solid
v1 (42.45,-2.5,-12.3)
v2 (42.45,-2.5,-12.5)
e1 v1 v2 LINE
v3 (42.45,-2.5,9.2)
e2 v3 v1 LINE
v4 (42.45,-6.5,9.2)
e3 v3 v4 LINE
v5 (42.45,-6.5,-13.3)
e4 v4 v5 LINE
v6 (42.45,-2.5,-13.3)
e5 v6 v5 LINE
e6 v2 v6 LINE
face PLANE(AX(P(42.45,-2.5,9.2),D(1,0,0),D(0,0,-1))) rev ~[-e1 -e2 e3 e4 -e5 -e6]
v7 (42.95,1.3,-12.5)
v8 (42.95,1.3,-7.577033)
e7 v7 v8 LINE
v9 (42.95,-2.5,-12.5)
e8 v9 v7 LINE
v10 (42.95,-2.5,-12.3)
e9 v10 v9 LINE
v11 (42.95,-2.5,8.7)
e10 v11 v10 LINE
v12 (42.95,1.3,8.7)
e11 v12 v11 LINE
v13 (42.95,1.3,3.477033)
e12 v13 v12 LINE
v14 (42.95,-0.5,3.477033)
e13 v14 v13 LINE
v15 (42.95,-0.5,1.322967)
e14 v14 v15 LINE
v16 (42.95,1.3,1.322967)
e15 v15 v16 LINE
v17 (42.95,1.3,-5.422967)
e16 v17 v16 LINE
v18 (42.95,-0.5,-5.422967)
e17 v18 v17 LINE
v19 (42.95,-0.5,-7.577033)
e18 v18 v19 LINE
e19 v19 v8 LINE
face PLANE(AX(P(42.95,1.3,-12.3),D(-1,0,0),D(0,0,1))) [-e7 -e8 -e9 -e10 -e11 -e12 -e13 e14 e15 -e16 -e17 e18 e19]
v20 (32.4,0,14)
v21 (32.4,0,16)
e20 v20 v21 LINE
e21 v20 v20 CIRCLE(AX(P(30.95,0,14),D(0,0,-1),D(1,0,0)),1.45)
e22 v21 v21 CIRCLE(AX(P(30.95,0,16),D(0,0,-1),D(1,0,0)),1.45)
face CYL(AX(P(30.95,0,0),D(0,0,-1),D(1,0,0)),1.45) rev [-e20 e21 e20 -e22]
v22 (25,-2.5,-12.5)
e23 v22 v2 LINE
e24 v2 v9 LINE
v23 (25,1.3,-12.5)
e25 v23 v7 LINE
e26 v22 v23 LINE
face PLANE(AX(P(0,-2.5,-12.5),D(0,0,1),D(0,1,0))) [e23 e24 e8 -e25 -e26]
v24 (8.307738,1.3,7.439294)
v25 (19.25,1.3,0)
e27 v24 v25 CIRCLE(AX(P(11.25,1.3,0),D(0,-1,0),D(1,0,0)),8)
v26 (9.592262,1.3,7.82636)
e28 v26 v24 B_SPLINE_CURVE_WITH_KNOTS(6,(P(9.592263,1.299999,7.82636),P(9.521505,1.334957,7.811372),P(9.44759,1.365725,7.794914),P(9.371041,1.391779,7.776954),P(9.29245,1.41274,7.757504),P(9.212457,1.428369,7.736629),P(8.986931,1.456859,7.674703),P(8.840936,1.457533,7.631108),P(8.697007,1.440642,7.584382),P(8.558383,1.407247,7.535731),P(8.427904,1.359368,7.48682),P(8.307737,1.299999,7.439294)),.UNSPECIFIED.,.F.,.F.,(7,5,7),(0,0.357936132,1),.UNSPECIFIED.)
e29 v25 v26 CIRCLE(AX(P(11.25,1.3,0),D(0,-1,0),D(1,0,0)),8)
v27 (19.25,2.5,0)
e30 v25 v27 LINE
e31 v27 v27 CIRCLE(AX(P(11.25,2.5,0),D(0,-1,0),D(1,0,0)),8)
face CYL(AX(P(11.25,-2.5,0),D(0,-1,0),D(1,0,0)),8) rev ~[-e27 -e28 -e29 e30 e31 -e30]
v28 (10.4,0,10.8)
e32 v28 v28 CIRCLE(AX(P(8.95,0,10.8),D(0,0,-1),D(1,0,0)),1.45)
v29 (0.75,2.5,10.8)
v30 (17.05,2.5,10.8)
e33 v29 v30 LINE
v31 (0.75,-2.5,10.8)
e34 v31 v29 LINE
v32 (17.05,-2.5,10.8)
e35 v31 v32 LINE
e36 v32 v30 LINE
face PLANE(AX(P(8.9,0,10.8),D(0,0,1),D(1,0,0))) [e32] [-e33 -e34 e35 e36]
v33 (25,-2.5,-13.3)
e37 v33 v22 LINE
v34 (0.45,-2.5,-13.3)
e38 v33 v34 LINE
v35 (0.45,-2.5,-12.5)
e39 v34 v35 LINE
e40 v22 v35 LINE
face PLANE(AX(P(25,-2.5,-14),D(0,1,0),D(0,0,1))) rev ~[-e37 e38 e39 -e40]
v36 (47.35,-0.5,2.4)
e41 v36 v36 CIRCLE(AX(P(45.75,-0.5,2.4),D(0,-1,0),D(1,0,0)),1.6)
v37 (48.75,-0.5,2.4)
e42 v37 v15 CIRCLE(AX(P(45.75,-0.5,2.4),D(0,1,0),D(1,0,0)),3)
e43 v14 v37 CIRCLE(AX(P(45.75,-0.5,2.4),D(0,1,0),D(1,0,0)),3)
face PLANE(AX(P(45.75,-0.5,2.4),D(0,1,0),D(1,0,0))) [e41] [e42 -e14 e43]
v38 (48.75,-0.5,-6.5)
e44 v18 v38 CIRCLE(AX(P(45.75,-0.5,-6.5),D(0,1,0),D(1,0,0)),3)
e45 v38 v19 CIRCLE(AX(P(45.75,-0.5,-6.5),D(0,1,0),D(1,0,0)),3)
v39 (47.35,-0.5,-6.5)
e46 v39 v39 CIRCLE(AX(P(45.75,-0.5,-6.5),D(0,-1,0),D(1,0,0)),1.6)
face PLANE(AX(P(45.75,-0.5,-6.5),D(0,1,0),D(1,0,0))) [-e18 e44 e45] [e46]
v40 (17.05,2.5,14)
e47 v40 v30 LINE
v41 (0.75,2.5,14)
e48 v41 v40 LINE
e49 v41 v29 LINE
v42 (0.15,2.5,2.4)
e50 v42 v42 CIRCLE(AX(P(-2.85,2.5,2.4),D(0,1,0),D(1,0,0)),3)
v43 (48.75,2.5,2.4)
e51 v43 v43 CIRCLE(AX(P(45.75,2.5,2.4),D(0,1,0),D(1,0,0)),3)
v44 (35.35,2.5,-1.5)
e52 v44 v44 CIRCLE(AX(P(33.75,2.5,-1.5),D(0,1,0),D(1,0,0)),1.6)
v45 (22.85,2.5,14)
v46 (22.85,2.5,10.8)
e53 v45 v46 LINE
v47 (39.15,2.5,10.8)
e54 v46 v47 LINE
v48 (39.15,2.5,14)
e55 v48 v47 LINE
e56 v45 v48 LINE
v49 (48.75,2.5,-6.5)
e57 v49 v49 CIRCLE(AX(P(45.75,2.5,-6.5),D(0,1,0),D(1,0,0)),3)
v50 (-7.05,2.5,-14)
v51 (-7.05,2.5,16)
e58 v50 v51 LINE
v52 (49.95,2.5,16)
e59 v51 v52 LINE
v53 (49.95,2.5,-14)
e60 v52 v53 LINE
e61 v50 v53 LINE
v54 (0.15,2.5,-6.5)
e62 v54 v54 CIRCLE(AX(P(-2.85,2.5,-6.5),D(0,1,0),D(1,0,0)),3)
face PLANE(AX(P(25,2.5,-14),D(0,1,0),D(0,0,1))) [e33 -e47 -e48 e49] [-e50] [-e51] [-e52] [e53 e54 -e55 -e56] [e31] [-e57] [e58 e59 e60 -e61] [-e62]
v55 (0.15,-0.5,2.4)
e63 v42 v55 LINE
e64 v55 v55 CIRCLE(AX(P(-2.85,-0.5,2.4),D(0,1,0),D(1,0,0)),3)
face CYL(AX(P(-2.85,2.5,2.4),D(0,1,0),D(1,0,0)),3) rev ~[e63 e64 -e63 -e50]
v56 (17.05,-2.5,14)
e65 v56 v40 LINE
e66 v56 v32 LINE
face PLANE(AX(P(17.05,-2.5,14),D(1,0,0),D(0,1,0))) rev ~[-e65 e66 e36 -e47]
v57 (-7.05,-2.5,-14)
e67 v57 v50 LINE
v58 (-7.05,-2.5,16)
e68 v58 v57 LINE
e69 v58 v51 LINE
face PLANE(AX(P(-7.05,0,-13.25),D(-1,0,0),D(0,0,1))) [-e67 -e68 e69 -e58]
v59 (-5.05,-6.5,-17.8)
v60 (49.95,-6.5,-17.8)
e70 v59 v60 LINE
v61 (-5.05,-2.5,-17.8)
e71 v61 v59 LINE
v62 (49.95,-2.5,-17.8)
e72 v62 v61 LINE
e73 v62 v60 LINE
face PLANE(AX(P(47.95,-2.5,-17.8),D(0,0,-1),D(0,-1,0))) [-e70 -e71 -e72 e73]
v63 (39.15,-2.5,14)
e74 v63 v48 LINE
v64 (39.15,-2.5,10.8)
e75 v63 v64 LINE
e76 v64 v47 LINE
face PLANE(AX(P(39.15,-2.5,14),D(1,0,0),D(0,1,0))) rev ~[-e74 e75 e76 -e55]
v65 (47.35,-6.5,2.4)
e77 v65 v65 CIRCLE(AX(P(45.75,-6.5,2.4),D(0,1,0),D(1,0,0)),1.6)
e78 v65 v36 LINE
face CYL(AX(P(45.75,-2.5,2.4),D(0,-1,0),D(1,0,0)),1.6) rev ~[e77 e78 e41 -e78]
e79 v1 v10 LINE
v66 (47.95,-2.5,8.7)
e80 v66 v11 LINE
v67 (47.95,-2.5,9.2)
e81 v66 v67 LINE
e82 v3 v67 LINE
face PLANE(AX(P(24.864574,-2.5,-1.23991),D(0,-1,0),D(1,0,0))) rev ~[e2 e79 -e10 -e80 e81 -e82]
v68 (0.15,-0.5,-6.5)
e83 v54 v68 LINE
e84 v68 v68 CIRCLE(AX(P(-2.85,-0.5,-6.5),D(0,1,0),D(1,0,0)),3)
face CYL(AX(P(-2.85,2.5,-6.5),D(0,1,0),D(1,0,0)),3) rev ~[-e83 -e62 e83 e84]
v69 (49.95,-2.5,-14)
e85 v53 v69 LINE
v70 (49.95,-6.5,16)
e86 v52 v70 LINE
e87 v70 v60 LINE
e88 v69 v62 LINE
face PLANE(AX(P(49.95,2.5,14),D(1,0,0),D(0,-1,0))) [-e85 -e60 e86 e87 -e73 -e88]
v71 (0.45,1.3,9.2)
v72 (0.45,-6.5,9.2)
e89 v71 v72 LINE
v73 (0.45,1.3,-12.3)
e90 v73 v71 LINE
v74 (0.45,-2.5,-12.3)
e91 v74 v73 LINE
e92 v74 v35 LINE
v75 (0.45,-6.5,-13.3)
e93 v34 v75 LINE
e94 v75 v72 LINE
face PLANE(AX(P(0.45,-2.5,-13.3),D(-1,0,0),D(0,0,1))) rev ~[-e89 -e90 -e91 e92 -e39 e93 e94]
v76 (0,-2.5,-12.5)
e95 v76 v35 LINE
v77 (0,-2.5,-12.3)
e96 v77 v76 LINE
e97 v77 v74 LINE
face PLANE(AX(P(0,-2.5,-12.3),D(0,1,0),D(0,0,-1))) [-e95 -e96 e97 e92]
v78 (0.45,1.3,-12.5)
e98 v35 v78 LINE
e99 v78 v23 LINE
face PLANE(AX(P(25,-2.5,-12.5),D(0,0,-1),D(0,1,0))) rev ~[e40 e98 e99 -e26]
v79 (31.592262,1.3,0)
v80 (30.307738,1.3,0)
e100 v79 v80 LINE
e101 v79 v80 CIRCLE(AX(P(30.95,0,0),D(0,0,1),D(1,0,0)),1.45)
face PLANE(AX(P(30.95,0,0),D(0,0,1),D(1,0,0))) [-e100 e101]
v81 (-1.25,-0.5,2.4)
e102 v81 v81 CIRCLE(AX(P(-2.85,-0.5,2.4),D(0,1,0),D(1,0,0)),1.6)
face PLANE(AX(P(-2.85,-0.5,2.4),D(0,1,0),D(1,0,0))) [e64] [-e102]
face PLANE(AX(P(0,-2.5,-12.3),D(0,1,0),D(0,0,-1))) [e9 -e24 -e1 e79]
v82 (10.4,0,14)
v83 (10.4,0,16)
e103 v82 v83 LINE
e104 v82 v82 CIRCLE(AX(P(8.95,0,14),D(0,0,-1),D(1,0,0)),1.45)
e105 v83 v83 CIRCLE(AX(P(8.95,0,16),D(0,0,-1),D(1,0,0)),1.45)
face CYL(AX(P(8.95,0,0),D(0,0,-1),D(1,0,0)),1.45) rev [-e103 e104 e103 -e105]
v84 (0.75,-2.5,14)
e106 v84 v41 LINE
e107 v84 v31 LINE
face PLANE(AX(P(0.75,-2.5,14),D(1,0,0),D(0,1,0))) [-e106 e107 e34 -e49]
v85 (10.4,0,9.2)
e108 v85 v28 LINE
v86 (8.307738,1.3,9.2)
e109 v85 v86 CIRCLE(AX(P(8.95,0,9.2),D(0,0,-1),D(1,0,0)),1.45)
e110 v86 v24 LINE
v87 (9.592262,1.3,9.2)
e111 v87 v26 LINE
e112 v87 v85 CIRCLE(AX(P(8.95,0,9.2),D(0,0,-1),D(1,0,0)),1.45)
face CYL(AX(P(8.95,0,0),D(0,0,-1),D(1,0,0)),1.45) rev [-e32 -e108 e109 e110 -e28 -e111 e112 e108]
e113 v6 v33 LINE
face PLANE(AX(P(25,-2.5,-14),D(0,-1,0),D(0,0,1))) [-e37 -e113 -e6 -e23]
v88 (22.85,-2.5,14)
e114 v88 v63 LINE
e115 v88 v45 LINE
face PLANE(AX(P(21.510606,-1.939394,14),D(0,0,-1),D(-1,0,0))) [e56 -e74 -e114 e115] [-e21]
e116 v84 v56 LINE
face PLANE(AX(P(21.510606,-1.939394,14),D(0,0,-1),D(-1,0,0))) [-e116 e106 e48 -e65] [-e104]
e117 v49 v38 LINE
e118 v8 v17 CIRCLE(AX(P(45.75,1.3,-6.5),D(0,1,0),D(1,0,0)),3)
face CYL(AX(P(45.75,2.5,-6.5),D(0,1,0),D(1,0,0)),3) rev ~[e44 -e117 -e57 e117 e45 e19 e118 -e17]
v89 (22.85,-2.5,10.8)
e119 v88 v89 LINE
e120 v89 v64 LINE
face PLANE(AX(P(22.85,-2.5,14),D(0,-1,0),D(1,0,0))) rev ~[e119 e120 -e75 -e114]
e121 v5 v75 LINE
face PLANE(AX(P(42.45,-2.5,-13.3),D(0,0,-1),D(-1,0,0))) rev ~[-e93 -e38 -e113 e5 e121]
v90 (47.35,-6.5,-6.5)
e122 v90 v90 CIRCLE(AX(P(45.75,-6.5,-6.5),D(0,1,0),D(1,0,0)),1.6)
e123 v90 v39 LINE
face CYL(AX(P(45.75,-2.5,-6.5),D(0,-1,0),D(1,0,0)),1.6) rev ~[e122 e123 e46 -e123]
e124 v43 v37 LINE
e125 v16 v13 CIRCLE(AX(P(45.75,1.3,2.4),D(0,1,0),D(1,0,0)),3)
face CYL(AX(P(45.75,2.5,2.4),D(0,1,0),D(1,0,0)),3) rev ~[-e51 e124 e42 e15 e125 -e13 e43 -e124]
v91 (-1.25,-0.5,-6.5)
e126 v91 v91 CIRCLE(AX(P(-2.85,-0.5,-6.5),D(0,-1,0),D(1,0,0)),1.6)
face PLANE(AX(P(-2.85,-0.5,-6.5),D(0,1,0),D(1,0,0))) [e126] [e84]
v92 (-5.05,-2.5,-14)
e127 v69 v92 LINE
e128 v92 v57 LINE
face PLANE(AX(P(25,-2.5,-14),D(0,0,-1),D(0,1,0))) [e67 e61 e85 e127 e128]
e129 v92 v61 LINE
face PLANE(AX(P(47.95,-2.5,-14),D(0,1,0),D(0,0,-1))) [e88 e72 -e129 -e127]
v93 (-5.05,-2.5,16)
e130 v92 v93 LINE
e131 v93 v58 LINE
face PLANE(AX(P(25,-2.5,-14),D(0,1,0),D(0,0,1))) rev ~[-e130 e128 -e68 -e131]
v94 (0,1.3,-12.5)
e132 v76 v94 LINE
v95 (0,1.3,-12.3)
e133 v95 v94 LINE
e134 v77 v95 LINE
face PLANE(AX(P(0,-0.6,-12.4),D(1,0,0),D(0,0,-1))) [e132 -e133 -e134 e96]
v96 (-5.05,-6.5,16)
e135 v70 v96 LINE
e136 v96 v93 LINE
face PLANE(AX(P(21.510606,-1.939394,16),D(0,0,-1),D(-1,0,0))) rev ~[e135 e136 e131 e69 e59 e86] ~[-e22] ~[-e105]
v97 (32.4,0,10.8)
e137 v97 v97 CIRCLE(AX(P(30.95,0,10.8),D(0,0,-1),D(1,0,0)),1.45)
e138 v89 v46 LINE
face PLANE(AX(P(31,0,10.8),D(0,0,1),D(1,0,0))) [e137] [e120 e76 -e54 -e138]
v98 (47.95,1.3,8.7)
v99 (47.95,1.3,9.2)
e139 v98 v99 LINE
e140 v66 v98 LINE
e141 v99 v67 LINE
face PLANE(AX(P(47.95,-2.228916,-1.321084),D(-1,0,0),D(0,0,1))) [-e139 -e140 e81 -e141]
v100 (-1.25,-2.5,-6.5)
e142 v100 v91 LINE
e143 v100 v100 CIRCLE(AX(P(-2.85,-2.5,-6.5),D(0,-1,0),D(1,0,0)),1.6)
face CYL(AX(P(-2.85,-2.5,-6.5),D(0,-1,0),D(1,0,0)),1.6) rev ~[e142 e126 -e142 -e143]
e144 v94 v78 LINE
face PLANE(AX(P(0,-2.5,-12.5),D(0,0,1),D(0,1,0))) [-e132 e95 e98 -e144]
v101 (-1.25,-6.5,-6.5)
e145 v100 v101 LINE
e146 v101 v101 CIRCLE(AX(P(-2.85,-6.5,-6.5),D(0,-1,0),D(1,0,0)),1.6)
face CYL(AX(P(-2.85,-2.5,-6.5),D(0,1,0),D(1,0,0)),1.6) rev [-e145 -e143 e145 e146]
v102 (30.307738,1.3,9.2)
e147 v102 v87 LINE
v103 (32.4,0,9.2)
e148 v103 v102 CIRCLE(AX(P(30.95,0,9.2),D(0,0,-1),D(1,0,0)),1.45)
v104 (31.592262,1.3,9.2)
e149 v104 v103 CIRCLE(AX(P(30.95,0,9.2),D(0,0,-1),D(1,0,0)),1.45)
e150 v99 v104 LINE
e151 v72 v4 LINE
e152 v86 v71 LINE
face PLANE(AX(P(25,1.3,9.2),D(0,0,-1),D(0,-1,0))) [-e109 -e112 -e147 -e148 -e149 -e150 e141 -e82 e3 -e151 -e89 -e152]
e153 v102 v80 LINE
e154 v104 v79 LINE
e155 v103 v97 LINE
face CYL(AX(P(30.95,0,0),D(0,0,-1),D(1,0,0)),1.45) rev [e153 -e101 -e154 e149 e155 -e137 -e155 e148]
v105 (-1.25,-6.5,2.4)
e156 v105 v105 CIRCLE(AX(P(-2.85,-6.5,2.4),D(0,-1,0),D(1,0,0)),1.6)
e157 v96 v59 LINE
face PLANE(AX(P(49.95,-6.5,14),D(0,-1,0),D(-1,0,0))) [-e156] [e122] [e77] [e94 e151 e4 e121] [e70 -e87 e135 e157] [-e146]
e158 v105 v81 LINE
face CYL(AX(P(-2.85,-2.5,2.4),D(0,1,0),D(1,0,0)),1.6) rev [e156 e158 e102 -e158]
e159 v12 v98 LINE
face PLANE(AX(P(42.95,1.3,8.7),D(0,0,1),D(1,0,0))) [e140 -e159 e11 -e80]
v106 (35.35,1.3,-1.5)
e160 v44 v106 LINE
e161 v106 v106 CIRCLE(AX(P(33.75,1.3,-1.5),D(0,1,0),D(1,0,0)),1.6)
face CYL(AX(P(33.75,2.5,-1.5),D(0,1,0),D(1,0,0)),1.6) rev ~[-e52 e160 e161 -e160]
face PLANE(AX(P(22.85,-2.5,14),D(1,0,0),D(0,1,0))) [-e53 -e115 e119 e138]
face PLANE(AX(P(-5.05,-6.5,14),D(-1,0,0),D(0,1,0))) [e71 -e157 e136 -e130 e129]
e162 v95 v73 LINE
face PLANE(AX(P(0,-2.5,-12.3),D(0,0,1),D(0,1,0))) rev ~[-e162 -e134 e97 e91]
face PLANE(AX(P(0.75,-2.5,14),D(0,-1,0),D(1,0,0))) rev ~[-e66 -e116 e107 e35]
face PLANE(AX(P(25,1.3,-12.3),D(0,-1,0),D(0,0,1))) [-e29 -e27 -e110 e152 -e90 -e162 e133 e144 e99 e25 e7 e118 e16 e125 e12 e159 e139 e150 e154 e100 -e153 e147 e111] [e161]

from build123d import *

# Parameters (mm, degrees)
SKETCH1_W                = 50
SKETCH1_H                = 25
SKETCH1_R                = 4.5
SKETCH1_R_2              = 1.3
BOSS_EXTRUDE2_DEPTH      = 2.5
SKETCH5_W                = 50
SKETCH5_H                = 12
BOSS_EXTRUDE3_DEPTH      = 1.5
SKETCH6_W                = 50
SKETCH6_H                = 26.5
BOSS_EXTRUDE4_DEPTH      = 1.5
SKETCH7_R                = 1.3
CUT_EXTRUDE3_DEPTH       = 23
SKETCH8_R                = 1.6
BOSS_EXTRUDE5_DEPTH      = 4
SKETCH8_3_R              = 8
CUT_EXTRUDE4_DEPTH       = 5
SKETCH9_W                = 24.55
SKETCH9_H                = 21.7
CUT_EXTRUDE5_DEPTH       = 3.8
BOSS_EXTRUDE6_DEPTH      = 22.95
BOSS_EXTRUDE7_DEPTH      = 2
SKETCH8_4_R              = 1.6
CUT_EXTRUDE6_DEPTH       = 5
SKETCH12_W               = 7
SKETCH12_H               = 21
BOSS_EXTRUDE8_DEPTH      = 7.8
SKETCH13_W               = 0.7
SKETCH13_H               = 9
CUT_EXTRUDE7_DEPTH       = 50.95
CUT_EXTRUDE7_DEPTH_BACK  = 26
SKETCH14_W               = 26.5
SKETCH14_H               = 8.5
CUT_EXTRUDE8_DEPTH       = 50.95
CUT_EXTRUDE8_DEPTH_BACK  = 26
SKETCH15_R               = 3
CUT_EXTRUDE9_DEPTH       = 1
CUT_EXTRUDE9_DEPTH_BACK  = 3
SKETCH8_5_R              = 1.6
CUT_EXTRUDE10_DEPTH      = 5
CUT_EXTRUDE10_DEPTH_BACK = 6
SKETCH16_W               = 16.3
SKETCH16_H               = 5
CUT_EXTRUDE11_DEPTH      = 3.2
SKETCH17_R               = 1.45
CUT_EXTRUDE12_DEPTH      = 13.2
SKETCH18_R               = 1.6
CUT_EXTRUDE13_DEPTH      = 3.2
SKETCH19_W               = 17.95
SKETCH19_H               = 5
CUT_EXTRUDE14_DEPTH      = 33.2
BOSS_EXTRUDE9_DEPTH      = 2
SKETCH21_W               = 1.5
SKETCH21_H               = 5
BOSS_EXTRUDE10_DEPTH     = 32.05
SKETCH23_W               = 0.2
SKETCH23_H               = 3.8
CUT_EXTRUDE15_DEPTH      = 42.95
SKETCH17_2_R             = 1.45
CUT_EXTRUDE16_DEPTH      = 20


with BuildPart() as part:
    # Sketch1 → Boss-Extrude2 (new body, symmetric)
    with BuildSketch(Plane(origin=(0, 0, 0), x_dir=(1, 0, 0), z_dir=(0, 1, 0))):
        Rectangle(SKETCH1_W, SKETCH1_H)
        with Locations((11.25, 0)):
            Circle(SKETCH1_R, mode=Mode.SUBTRACT)
        with Locations((-11.25, 0)):
            Circle(SKETCH1_R_2, mode=Mode.SUBTRACT)
    extrude(amount=BOSS_EXTRUDE2_DEPTH, both=True)

    # Sketch5 → Boss-Extrude3 (add, symmetric)
    with BuildSketch(Plane.XY.offset(12.5)):
        with Locations((0, 3.5)):
            Rectangle(SKETCH5_W, SKETCH5_H)
    extrude(amount=BOSS_EXTRUDE3_DEPTH, both=True)

    # Sketch6 → Boss-Extrude4 (add, symmetric)
    with BuildSketch(Plane(origin=(0, 9.5, 0), x_dir=(1, 0, 0), z_dir=(0, 1, 0))):
        with Locations((0, -0.75)):
            Rectangle(SKETCH6_W, SKETCH6_H)
    extrude(amount=BOSS_EXTRUDE4_DEPTH, both=True)

    # Sketch7 → Cut-Extrude3 (cut)
    with BuildSketch(Plane(origin=(0, 11, 0), x_dir=(1, 0, 0), z_dir=(0, 1, 0))):
        with Locations((-11.25, 0)):
            Circle(SKETCH7_R)
        with Locations((11.25, 0)):
            Circle(SKETCH7_R)
    extrude(amount=-CUT_EXTRUDE3_DEPTH, mode=Mode.SUBTRACT)

    # Sketch8 → Boss-Extrude5 (add)
    with BuildSketch(Plane.XZ.offset(2.5)):
        Polygon((47.95, 14.7), (-5.05, 14.7), (-5.05, 14), (25, 14), (25, 9.2), (42.45, 9.2), (42.45, -13.3), (0.45, -13.3), (0.45, -12.5), (-5.05, -12.5), (-5.05, -17.8), (47.95, -17.8), align=None)
        with Locations((45.75, -6.5)):
            Circle(SKETCH8_R, mode=Mode.SUBTRACT)
        with Locations((45.75, 2.4)):
            Circle(SKETCH8_R, mode=Mode.SUBTRACT)
        Polygon((25, 14), (-5.05, 14), (-5.05, -12.5), (0.45, -12.5), (0.45, 9.2), (25, 9.2), align=None)
        with Locations((-2.85, -6.5)):
            Circle(SKETCH8_R, mode=Mode.SUBTRACT)
        with Locations((-2.85, 2.4)):
            Circle(SKETCH8_R, mode=Mode.SUBTRACT)
    extrude(amount=BOSS_EXTRUDE5_DEPTH)

    # Sketch8<3> → Cut-Extrude4 (cut)
    with BuildSketch(Plane.XZ.offset(2.5)):
        with Locations((11.25, 0)):
            Circle(SKETCH8_3_R)
    extrude(amount=-CUT_EXTRUDE4_DEPTH, mode=Mode.SUBTRACT)

    # Sketch9 → Cut-Extrude5 (cut)
    with BuildSketch(Plane.XZ.offset(2.5)):
        with Locations((12.725, -1.65)):
            Rectangle(SKETCH9_W, SKETCH9_H)
    extrude(amount=-CUT_EXTRUDE5_DEPTH, mode=Mode.SUBTRACT)

    # Sketch10 → Boss-Extrude6 (add)
    with BuildSketch(Plane(origin=(25, 0, 0), x_dir=(0, 0, -1), z_dir=(1, 0, 0))):
        Polygon((-14.7, -2.5), (-14.7, 2.5), (14, 2.5), (14, -2.5), (12.3, -2.5), (12.3, 1.3), (-9.2, 1.3), (-9.2, -2.5), align=None)
    extrude(amount=BOSS_EXTRUDE6_DEPTH)

    # Sketch11 → Boss-Extrude7 (add)
    with BuildSketch(Plane(origin=(47.95, 0, 0), x_dir=(0, 0, -1), z_dir=(1, 0, 0))):
        Polygon((-14.7, 2.5), (14, 2.5), (14, -2.5), (17.8, -2.5), (17.8, -6.5), (-14.7, -6.5), align=None)
    extrude(amount=BOSS_EXTRUDE7_DEPTH)

    # Sketch8<4> → Cut-Extrude6 (cut)
    with BuildSketch(Plane.XZ.offset(2.5)):
        with Locations((45.75, -6.5)):
            Circle(SKETCH8_4_R)
        with Locations((45.75, 2.4)):
            Circle(SKETCH8_4_R)
        with Locations((-2.85, -6.5)):
            Circle(SKETCH8_4_R)
        with Locations((-2.85, 2.4)):
            Circle(SKETCH8_4_R)
    extrude(amount=-CUT_EXTRUDE6_DEPTH, mode=Mode.SUBTRACT)

    # Sketch12 → Boss-Extrude8 (add)
    with BuildSketch(Plane.XZ.offset(-1.3)):
        with Locations((46.45, -1.8)):
            Rectangle(SKETCH12_W, SKETCH12_H)
    extrude(amount=BOSS_EXTRUDE8_DEPTH)

    # Sketch13 → Cut-Extrude7 (cut, two sides)
    with BuildSketch(Plane(origin=(0, 0, 0), x_dir=(0, 0, -1), z_dir=(1, 0, 0))) as cut_extrude7_sk:
        with Locations((-14.35, -2)):
            Rectangle(SKETCH13_W, SKETCH13_H)
    extrude(amount=CUT_EXTRUDE7_DEPTH, mode=Mode.SUBTRACT)
    extrude(cut_extrude7_sk.sketch, amount=-CUT_EXTRUDE7_DEPTH_BACK, mode=Mode.SUBTRACT)

    # Sketch14 → Cut-Extrude8 (cut, two sides)
    with BuildSketch(Plane(origin=(0, 0, 0), x_dir=(0, 0, -1), z_dir=(1, 0, 0))) as cut_extrude8_sk:
        with Locations((-0.75, 6.75)):
            Rectangle(SKETCH14_W, SKETCH14_H)
    extrude(amount=CUT_EXTRUDE8_DEPTH, mode=Mode.SUBTRACT)
    extrude(cut_extrude8_sk.sketch, amount=-CUT_EXTRUDE8_DEPTH_BACK, mode=Mode.SUBTRACT)

    # Sketch15 → Cut-Extrude9 (cut, two sides)
    with BuildSketch(Plane(origin=(0, 2.5, 0), x_dir=(1, 0, 0), z_dir=(0, 1, 0))) as cut_extrude9_sk:
        with Locations((-2.85, 6.5)):
            Circle(SKETCH15_R)
        with Locations((-2.85, -2.4)):
            Circle(SKETCH15_R)
        with Locations((45.75, 6.5)):
            Circle(SKETCH15_R)
        with Locations((45.75, -2.4)):
            Circle(SKETCH15_R)
    extrude(amount=CUT_EXTRUDE9_DEPTH, mode=Mode.SUBTRACT)
    extrude(cut_extrude9_sk.sketch, amount=-CUT_EXTRUDE9_DEPTH_BACK, mode=Mode.SUBTRACT)

    # Sketch8<5> → Cut-Extrude10 (cut, two sides)
    with BuildSketch(Plane.XZ.offset(2.5)) as cut_extrude10_sk:
        with Locations((45.75, -6.5)):
            Circle(SKETCH8_5_R)
        with Locations((45.75, 2.4)):
            Circle(SKETCH8_5_R)
    extrude(amount=CUT_EXTRUDE10_DEPTH, mode=Mode.SUBTRACT)
    extrude(cut_extrude10_sk.sketch, amount=-CUT_EXTRUDE10_DEPTH_BACK, mode=Mode.SUBTRACT)

    # Sketch16 → Cut-Extrude11 (cut)
    with BuildSketch(Plane.XY.offset(14)):
        with Locations((8.9, 0)):
            Rectangle(SKETCH16_W, SKETCH16_H)
        with Locations((31, 0)):
            Rectangle(SKETCH16_W, SKETCH16_H)
    extrude(amount=-CUT_EXTRUDE11_DEPTH, mode=Mode.SUBTRACT)

    # Sketch17 → Cut-Extrude12 (cut)
    with BuildSketch(Plane.XY):
        with Locations((8.95, 0)):
            Circle(SKETCH17_R)
        with Locations((30.95, 0)):
            Circle(SKETCH17_R)
    extrude(amount=CUT_EXTRUDE12_DEPTH, mode=Mode.SUBTRACT)

    # Sketch18 → Cut-Extrude13 (cut)
    with BuildSketch(Plane(origin=(0, 2.5, 0), x_dir=(1, 0, 0), z_dir=(0, 1, 0))):
        with Locations((33.75, 1.5)):
            Circle(SKETCH18_R)
    extrude(amount=-CUT_EXTRUDE13_DEPTH, mode=Mode.SUBTRACT)

    # Sketch19 → Cut-Extrude14 (cut)
    with BuildSketch(Plane.XY.offset(14)):
        with Locations((-16.025, 0)):
            Rectangle(SKETCH19_W, SKETCH19_H)
    extrude(amount=-CUT_EXTRUDE14_DEPTH, mode=Mode.SUBTRACT)

    # Sketch20 → Boss-Extrude9 (add)
    with BuildSketch(Plane.XY.offset(14)):
        Polygon((-7.05, 2.5), (49.95, 2.5), (49.95, -6.5), (-5.05, -6.5), (-5.05, -2.5), (-7.05, -2.5), align=None)
    extrude(amount=BOSS_EXTRUDE9_DEPTH)

    # Sketch21 → Boss-Extrude10 (add)
    with BuildSketch(Plane.ZY.offset(-25)):
        with Locations((-13.25, 0)):
            Rectangle(SKETCH21_W, SKETCH21_H)
    extrude(amount=BOSS_EXTRUDE10_DEPTH)

    # Sketch23 → Cut-Extrude15 (cut)
    with BuildSketch(Plane(origin=(0, 0, 0), x_dir=(0, 0, -1), z_dir=(1, 0, 0))):
        with Locations((12.4, -0.6)):
            Rectangle(SKETCH23_W, SKETCH23_H)
    extrude(amount=CUT_EXTRUDE15_DEPTH, mode=Mode.SUBTRACT)

    # Sketch17<2> → Cut-Extrude16 (cut)
    with BuildSketch(Plane.XY):
        with Locations((8.95, 0)):
            Circle(SKETCH17_2_R)
        with Locations((30.95, 0)):
            Circle(SKETCH17_2_R)
    extrude(amount=CUT_EXTRUDE16_DEPTH, mode=Mode.SUBTRACT)


solid = part.part
